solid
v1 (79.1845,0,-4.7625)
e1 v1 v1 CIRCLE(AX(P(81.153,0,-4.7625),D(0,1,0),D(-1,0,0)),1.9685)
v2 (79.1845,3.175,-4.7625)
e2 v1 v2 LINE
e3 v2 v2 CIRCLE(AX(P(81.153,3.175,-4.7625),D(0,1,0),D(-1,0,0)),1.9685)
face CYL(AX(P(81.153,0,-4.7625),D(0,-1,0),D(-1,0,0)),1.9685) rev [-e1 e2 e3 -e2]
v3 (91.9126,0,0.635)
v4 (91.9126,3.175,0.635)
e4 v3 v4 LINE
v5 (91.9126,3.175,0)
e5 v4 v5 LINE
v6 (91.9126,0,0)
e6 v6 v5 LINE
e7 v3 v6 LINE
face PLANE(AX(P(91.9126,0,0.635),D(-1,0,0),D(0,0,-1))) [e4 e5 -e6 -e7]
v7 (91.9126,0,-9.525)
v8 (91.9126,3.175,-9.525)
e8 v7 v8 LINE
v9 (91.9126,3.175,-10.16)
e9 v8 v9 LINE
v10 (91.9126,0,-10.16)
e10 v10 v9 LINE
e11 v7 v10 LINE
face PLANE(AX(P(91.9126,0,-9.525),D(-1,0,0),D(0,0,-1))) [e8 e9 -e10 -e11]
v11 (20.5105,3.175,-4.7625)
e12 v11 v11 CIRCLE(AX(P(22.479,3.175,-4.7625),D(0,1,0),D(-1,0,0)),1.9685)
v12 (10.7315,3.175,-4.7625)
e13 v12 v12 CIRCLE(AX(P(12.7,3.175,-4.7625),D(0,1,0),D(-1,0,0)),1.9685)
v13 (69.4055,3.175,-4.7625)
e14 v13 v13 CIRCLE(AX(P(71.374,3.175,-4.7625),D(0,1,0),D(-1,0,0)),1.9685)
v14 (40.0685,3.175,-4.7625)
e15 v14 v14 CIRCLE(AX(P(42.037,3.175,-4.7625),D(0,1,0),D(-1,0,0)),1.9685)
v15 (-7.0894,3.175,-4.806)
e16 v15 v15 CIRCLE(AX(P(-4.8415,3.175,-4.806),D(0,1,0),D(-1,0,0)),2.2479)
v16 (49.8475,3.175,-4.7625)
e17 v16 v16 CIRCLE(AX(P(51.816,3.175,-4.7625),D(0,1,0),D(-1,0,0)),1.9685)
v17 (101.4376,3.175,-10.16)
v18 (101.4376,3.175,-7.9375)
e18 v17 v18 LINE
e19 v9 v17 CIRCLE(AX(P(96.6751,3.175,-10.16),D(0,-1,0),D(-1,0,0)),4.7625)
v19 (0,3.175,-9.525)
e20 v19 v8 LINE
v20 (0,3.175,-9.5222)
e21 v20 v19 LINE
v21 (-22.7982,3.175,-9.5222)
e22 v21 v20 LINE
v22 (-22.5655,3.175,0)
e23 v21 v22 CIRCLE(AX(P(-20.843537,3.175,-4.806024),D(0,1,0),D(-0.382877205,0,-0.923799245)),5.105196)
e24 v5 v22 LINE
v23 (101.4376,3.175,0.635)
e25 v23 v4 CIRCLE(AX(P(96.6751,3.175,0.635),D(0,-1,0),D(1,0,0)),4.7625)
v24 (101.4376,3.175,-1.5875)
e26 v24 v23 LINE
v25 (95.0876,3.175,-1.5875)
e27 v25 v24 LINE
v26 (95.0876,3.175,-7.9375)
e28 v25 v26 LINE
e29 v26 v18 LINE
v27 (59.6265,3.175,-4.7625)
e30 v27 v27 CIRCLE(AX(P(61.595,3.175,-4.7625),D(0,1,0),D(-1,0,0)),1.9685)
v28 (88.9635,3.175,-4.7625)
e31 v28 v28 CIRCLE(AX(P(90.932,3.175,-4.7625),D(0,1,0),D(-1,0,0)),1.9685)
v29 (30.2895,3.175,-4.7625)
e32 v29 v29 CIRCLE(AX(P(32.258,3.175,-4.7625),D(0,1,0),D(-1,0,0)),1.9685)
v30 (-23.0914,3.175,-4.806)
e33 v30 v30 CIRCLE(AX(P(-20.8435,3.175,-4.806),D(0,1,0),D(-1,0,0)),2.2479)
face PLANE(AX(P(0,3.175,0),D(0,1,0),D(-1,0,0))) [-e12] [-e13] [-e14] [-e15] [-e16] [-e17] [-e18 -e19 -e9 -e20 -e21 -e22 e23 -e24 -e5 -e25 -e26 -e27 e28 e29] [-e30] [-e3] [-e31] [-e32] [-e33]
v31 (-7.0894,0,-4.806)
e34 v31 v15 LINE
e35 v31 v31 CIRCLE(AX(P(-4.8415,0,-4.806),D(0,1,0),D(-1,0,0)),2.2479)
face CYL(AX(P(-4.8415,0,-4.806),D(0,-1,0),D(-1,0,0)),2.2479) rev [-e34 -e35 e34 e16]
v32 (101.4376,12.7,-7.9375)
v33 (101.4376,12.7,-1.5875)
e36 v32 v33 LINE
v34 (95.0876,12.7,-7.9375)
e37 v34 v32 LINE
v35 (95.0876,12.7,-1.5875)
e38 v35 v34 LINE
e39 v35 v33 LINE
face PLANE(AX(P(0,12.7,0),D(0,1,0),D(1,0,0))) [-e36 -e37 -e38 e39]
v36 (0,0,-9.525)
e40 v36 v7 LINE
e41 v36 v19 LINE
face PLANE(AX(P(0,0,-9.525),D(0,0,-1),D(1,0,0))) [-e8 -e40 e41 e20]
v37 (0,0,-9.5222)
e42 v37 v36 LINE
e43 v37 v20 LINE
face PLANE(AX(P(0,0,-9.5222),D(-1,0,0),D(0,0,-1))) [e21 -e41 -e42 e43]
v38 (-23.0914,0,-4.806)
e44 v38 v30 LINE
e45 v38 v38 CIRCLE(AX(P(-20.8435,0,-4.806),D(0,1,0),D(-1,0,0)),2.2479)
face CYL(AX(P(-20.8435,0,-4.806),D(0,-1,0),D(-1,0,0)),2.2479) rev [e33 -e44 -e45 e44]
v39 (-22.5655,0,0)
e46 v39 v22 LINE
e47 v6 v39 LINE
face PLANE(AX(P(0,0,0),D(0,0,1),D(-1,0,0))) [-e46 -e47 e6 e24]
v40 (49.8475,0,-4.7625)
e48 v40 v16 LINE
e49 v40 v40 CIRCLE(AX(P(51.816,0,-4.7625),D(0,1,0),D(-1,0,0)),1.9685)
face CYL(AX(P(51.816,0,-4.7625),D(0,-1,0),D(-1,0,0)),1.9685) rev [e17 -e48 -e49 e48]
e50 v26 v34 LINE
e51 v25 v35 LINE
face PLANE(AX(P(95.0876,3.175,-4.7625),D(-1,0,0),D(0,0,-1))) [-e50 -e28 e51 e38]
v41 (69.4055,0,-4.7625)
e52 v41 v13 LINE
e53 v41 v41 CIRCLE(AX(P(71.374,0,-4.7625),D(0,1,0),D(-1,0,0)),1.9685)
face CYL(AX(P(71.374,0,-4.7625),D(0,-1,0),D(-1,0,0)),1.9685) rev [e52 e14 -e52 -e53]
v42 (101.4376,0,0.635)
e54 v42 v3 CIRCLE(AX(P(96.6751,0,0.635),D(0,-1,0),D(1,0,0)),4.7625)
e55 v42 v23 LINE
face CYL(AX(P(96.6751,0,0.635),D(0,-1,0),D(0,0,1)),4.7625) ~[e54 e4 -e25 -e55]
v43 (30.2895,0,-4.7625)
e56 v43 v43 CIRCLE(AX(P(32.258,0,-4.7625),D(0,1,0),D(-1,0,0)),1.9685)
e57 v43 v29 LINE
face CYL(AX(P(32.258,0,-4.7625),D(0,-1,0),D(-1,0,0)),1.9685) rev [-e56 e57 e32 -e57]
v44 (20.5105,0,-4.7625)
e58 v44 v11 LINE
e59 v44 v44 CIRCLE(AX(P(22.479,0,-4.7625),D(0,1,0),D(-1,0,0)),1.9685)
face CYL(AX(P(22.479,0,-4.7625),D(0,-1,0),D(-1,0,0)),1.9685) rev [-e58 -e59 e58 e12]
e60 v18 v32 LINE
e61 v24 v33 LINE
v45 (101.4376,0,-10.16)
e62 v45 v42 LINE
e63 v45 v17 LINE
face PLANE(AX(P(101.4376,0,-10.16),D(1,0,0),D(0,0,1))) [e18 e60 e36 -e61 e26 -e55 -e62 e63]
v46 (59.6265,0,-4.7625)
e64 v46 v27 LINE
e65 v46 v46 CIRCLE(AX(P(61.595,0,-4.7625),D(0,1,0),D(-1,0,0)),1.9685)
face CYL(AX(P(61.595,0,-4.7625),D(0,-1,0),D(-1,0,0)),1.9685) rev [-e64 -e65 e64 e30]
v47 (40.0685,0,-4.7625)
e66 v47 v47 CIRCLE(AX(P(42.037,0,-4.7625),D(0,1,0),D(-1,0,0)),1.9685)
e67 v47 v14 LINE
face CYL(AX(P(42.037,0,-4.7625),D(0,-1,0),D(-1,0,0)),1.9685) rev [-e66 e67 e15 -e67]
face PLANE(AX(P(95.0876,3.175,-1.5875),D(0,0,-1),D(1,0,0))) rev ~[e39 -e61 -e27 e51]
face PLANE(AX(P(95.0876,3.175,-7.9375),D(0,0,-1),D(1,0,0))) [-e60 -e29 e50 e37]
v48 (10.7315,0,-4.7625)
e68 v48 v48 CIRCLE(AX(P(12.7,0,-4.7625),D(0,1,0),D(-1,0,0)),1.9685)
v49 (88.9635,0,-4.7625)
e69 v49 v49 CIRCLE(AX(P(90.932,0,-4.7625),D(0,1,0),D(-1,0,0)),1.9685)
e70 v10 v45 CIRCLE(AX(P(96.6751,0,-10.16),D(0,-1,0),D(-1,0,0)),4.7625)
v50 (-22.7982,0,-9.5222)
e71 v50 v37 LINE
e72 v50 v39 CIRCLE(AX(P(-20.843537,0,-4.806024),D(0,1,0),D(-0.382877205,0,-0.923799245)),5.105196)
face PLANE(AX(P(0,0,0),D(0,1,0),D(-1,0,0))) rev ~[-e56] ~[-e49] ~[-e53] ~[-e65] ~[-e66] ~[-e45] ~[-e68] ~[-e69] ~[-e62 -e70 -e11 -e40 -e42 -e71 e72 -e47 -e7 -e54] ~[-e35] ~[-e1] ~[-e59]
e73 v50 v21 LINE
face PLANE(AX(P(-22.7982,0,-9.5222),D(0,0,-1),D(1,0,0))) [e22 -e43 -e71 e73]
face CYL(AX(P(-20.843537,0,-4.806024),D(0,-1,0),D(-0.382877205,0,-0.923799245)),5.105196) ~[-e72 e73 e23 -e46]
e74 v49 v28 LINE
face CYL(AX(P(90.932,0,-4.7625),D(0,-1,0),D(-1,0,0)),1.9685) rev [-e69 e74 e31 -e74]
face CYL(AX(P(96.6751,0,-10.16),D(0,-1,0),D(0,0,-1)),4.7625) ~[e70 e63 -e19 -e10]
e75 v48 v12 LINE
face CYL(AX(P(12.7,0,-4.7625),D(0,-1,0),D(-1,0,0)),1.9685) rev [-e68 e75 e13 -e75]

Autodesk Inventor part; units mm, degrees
ref_plane "YZ Plane" through (0, 0, 0) normal (1, 0, 0) x (0, 1, 0)
ref_plane "XZ Plane" through (0, 0, 0) normal (0, 1, 0) x (-1, 0, 0)
ref_plane "XY Plane" through (0, 0, 0) normal (0, 0, 1) x (1, 0, 0)
sketch "Sketch1" plane through (0, 0, 0) normal (0, 1, 0) x (-1, 0, 0)
  line L0 (0, 0) -> (22.5655, 0)
  line L1 (22.7982, -9.5222) -> (-0.011, -9.5222)
  line L2 (-0.011, -9.5222) -> (0, 0)
  arc A0 (22.7982, -9.5222) -> (22.5655, 0) centre (20.8435, -4.806) ccw
  line L3 (0, 0) -> (-91.9126, 0)
  line L4 (0, 0) -> (101.4376, 0) construction
  line L5 (-101.4376, 0) -> (-101.4376, -9.525)
  line L6 (0, 0) -> (0, -9.525)
  line L7 (0, -9.525) -> (-91.9126, -9.525)
  circle A1 centre (20.8435, -4.806) radius 2.2479
  line L8 (20.8435, -4.806) -> (4.8415, -4.806) construction
  circle A2 centre (4.8415, -4.806) radius 2.2479
  line L9 (0, -4.7625) -> (-12.7, -4.7625) construction
  circle A3 centre (-12.7, -4.7625) radius 1.9685
  line L10 (0, -4.7625) -> (-101.4376, -4.7625) construction
  circle A4 centre (-22.479, -4.7625) radius 1.9685
  circle A5 centre (-32.258, -4.7625) radius 1.9685
  circle A6 centre (-42.037, -4.7625) radius 1.9685
  circle A7 centre (-51.816, -4.7625) radius 1.9685
  circle A8 centre (-61.595, -4.7625) radius 1.9685
  circle A9 centre (-71.374, -4.7625) radius 1.9685
  circle A10 centre (-81.153, -4.7625) radius 1.9685
  circle A11 centre (-90.932, -4.7625) radius 1.9685
  line L11 (20.8435, -4.806) -> (4.792, -4.806) construction
  line L12 (4.792, -4.806) -> (4.792, 11.196) construction
  line L13 (4.792, 11.196) -> (20.8435, 11.196) construction
  line L14 (20.8435, 11.196) -> (20.8435, -4.806) construction
  line L15 (12.8178, 11.196) -> (12.8178, -4.806) construction
  line L16 (20.8435, 3.195) -> (4.792, 3.195) construction
  circle A12 centre (12.8178, 3.195) radius 1.27 construction
  line L17 (-96.6751, 5.3975) -> (-96.6751, 5.3975)
  line L18 (-96.6751, -14.9225) -> (-96.6751, -14.9225)
  line L19 (-101.4376, -10.16) -> (-101.4376, 0.635)
  arc A13 (-91.9126, 0.635) -> (-96.6751, 5.3975) centre (-96.6751, 0.635) ccw
  arc A14 (-96.6751, 5.3975) -> (-101.4376, 0.635) centre (-96.6751, 0.635) ccw
  arc A15 (-101.4376, -10.16) -> (-96.6751, -14.9225) centre (-96.6751, -10.16) ccw
  arc A16 (-96.6751, -14.9225) -> (-91.9126, -10.16) centre (-96.6751, -10.16) ccw
  line L20 (-91.9126, 0.635) -> (-91.9126, 0)
  line L21 (-91.9126, -9.525) -> (-91.9126, -10.16)
  line L22 (22.7982, -9.5222) -> (22.7982, 0.3175) construction
  point P0 (-91.9126, -14.9225)
  point P1 (-101.4376, -14.9225)
  dimension "d0" = 22.8092
  dimension "d1" = 9.525
  dimension "d2" = 5.1052
  dimension "d4" = 180
  dimension "d7" = 9.525
  dimension "d8" = 9.525
  dimension "d9" = 4.4958
  dimension "d10" = 16.002
  dimension "d11" = 4.4958
  dimension "d12" = 12.7
  dimension "d13" = 3.937
  dimension "d14" = 4.7625
  dimension "d15" = 3.937
  dimension "d16" = 9.779
  dimension "d17" = 3.937
  dimension "d18" = 9.779
  dimension "d19" = 3.937
  dimension "d20" = 9.779
  dimension "d21" = 3.937
  dimension "d22" = 9.779
  dimension "d23" = 3.937
  dimension "d24" = 9.779
  dimension "d25" = 3.937
  dimension "d26" = 9.779
  dimension "d27" = 3.937
  dimension "d28" = 9.779
  dimension "d29" = 3.937
  dimension "d30" = 9.779
  dimension "d31" = 16.002
  dimension "d32" = 2.54
  dimension "d33" = 114.3
  dimension "d36" = 9.525
  dimension "d37" = 10.16
  dimension "d38" = 10.16
  dimension "d39" = 4.7625
  dimension "d44" = 1.9546
  dimension "d45" = 17.5415
extrude "Extrusion1" add sketch "Sketch1" along normal blind 3.175
sketch "Sketch2" plane through (0, 3.175, 0) normal (0, 1, 0) x (1, 0, 0)
  line L0 (101.4376, -0.635) -> (101.4376, 10.16) construction
  line L1 (95.0876, 4.7625) -> (92.9005, 4.7625) construction
  circle A0 centre (90.932, 4.7625) radius 1.9685 construction
  line L2 (95.0876, 4.7625) -> (95.0876, 7.9375)
  line L3 (95.0876, 7.9375) -> (101.4376, 7.9375)
  line L4 (101.4376, 7.9375) -> (101.4376, 4.7625)
  line L5 (95.0876, 4.7625) -> (95.0876, 1.5875)
  line L6 (95.0876, 1.5875) -> (101.4376, 1.5875)
  line L7 (101.4376, 1.5875) -> (101.4376, 4.7625)
  point P0 (0, 0)
  dimension "d40" = 6.35
extrude "Extrusion2" add sketch "Sketch2" along normal blind 9.525
properties part number "CollectorArm180Final"
